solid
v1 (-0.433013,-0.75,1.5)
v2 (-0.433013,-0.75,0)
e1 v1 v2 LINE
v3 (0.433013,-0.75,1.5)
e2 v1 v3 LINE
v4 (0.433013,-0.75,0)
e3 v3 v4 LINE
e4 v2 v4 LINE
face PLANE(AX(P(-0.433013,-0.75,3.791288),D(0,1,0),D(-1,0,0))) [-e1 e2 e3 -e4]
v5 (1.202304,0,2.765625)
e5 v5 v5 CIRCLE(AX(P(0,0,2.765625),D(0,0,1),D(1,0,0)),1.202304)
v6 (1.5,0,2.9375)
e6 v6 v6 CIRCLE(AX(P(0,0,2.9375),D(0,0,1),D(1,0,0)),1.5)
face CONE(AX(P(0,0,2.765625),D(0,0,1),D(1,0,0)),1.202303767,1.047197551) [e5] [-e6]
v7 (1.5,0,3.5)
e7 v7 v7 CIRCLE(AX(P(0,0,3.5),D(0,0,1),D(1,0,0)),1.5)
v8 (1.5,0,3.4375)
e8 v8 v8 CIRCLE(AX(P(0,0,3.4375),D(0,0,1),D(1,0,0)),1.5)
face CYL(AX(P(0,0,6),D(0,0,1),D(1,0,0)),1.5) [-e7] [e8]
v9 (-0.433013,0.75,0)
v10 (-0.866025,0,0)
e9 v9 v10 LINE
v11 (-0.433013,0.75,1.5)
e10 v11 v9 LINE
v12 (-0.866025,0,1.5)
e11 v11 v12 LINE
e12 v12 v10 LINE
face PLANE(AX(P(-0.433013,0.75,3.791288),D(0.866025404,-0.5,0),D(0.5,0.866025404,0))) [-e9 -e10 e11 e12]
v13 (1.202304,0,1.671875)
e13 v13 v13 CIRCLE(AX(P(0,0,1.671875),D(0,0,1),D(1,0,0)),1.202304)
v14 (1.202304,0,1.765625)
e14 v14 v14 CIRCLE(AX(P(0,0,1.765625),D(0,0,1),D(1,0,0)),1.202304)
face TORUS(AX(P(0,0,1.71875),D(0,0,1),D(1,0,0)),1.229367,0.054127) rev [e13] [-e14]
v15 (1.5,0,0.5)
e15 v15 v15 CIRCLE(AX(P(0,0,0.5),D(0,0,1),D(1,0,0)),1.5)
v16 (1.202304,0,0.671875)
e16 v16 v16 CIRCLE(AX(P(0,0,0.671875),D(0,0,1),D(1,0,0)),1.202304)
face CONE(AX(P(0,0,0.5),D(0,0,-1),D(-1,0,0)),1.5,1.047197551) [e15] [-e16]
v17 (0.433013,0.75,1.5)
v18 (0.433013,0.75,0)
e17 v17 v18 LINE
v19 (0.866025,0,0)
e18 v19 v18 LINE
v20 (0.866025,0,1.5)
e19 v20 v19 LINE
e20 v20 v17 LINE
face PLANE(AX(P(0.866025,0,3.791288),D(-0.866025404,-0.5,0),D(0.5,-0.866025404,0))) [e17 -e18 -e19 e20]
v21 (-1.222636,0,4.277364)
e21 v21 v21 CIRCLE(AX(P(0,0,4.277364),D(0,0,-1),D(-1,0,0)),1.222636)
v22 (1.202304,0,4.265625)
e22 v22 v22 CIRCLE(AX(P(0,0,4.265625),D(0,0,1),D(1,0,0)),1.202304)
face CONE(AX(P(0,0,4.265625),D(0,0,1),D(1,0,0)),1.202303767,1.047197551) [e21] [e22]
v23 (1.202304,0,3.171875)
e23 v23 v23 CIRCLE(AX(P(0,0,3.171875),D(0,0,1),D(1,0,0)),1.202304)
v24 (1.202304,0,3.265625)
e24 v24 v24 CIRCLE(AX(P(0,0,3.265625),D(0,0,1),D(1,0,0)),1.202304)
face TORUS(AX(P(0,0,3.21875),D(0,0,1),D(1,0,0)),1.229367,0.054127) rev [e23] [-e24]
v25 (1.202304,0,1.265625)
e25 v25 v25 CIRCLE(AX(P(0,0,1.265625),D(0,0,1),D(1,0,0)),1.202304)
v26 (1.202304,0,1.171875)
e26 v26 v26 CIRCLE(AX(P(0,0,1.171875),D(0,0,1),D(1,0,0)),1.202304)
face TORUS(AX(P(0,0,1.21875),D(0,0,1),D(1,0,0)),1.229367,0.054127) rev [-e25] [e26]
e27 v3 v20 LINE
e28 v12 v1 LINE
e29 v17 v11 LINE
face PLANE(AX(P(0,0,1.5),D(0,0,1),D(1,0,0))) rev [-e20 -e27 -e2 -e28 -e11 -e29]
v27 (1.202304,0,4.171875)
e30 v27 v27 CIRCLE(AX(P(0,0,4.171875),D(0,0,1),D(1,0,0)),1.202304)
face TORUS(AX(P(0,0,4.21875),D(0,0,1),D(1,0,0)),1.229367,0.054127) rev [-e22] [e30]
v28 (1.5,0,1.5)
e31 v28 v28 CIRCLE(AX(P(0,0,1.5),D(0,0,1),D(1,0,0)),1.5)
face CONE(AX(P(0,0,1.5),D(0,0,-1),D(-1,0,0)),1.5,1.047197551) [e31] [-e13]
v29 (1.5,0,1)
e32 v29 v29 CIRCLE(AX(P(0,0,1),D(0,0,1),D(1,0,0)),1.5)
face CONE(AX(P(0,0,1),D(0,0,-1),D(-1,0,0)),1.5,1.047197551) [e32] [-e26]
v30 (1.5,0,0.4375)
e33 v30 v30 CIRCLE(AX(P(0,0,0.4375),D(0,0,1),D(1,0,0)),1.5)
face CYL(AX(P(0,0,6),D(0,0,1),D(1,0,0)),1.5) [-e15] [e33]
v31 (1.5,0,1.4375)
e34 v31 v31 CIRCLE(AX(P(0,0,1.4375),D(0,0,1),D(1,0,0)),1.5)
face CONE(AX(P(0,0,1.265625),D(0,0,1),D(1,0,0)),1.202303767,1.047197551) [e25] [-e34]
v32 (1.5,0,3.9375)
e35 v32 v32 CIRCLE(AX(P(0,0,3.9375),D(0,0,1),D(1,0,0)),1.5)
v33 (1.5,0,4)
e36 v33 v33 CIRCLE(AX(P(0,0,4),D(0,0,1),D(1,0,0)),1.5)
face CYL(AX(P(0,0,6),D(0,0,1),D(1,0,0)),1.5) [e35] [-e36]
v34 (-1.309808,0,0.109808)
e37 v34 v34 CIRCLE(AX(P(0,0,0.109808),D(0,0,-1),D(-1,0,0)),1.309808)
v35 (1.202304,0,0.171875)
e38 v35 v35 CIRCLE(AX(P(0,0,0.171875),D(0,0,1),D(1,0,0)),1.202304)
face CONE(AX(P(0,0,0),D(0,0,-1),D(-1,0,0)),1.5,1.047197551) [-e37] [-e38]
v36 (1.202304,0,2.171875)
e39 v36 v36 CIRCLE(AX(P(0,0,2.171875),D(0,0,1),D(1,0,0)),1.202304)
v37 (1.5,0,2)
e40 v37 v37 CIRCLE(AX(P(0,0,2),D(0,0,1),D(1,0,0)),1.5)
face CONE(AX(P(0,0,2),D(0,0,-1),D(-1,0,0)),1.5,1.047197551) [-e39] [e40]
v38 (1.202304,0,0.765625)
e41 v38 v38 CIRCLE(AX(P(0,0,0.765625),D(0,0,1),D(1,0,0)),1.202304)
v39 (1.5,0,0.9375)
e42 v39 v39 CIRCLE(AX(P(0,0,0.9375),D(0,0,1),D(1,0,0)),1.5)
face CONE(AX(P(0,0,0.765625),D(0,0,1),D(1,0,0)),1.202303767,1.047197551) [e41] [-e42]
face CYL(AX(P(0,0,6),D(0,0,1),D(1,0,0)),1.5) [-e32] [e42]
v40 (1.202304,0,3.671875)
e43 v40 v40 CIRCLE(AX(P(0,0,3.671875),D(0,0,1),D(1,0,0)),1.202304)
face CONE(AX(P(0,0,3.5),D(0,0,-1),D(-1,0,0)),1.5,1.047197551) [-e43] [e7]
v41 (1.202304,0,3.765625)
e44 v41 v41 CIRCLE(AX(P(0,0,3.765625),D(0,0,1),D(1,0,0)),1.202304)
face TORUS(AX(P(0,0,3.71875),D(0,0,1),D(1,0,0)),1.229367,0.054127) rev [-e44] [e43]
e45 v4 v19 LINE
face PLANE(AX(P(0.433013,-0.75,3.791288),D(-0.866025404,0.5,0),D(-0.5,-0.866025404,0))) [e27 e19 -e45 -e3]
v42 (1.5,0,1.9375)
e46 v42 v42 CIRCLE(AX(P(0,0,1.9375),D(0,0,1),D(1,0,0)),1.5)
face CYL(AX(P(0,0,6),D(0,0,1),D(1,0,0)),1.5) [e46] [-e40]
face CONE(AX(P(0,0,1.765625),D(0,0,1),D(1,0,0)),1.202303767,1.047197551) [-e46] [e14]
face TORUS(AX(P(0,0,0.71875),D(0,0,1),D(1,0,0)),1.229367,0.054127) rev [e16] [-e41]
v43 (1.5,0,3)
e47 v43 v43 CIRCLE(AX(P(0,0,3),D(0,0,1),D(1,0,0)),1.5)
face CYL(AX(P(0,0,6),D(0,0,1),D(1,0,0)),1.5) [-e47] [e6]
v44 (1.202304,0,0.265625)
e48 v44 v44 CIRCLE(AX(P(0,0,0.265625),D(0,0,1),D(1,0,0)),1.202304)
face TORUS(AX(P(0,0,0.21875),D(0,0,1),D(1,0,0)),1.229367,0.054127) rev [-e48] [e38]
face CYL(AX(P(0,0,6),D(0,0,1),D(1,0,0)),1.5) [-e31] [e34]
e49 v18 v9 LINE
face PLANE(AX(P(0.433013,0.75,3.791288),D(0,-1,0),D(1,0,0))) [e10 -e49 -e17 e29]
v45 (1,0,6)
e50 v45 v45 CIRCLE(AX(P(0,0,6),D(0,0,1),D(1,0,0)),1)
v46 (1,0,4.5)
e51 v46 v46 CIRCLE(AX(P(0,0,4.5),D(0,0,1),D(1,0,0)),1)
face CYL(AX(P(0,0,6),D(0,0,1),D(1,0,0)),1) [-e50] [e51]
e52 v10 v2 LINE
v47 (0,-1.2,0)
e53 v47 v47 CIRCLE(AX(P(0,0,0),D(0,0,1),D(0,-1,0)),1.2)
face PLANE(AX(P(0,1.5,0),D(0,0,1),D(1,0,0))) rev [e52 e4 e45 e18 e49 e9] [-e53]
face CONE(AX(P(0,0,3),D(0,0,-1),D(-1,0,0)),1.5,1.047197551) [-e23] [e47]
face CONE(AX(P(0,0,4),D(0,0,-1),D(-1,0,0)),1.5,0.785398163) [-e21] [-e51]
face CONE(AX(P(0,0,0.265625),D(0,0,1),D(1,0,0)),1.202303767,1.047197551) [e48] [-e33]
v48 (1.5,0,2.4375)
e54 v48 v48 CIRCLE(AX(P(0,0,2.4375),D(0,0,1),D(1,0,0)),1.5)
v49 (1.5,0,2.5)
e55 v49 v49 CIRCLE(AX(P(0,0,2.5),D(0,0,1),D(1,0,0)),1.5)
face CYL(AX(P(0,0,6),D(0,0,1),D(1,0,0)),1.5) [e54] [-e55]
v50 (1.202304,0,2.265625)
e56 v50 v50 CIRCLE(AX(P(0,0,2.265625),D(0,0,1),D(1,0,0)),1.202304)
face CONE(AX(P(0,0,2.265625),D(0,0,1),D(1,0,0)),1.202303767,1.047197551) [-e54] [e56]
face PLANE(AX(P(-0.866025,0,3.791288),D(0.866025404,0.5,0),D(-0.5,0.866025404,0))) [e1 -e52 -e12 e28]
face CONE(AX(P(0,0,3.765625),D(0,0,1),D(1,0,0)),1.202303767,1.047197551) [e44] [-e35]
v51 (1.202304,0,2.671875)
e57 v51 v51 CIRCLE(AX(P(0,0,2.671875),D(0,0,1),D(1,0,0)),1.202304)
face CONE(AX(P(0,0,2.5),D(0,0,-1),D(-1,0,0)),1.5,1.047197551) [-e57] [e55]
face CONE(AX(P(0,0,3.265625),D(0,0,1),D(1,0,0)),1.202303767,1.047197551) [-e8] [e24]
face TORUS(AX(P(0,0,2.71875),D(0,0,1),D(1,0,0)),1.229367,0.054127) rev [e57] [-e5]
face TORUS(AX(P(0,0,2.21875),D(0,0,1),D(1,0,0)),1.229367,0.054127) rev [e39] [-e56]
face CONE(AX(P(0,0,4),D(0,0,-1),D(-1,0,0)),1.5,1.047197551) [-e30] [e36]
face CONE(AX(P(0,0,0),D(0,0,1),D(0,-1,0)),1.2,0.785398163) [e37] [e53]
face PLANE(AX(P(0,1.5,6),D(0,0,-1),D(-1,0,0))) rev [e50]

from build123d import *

# Parameters (mm, degrees)
SKETCH5_W           = 6
SKETCH5_H           = 1.5
THREAD_SIMPLE_COUNT = 13
THREAD_SIMPLE_PITCH = 0.5
CUT_HEAD_KEY_DEPTH  = 1.5


with BuildPart() as part:
    # Sketch5 → body (revolve)
    with BuildSketch(Plane(origin=(0, 0, 0), x_dir=(0, 0, -1), z_dir=(1, 0, 0))):
        with Locations((-3, 0.75)):
            Rectangle(SKETCH5_W, SKETCH5_H)
    revolve(axis=Axis((0, 0, 6), (0, 0, -1)))

    # Sketch13 → cut-chamfer-end (revolve, cut)
    with BuildSketch(Plane(origin=(0, 0, 0), x_dir=(0, 0, -1), z_dir=(1, 0, 0))):
        Polygon((0, -1.5), (-0.3, -1.5), (0, -1.2), align=None)
    revolve(axis=Axis((0, 0, 6), (0, 0, -1)), mode=Mode.SUBTRACT)

    # Sketch8 → thread-single (revolve, cut)
    with BuildSketch(Plane(origin=(0, 0, 0), x_dir=(0, 0, -1), z_dir=(1, 0, 0))):
        with BuildLine():
            Line((-0.4375, -1.5), (0, -1.5))
            Line((0, -1.5), (-0.171875, -1.202303767))
            ThreePointArc((-0.171875, -1.202303767), (-0.21875, -1.175240474), (-0.265625, -1.202303767))
            Line((-0.265625, -1.202303767), (-0.4375, -1.5))
        make_face()
    thread_single = revolve(axis=Axis((0, 0, 6), (0, 0, -1)), mode=Mode.SUBTRACT)

    # thread-simple: thread-single ×13
    with Locations(*[(0, 0, i * THREAD_SIMPLE_PITCH) for i in range(1, THREAD_SIMPLE_COUNT)]):
        add(thread_single, mode=Mode.SUBTRACT)

    # Sketch25 → cut-head-key (cut)
    with BuildSketch(Plane.XY):
        Polygon((0.433012702, 0.75), (-0.433012702, 0.75), (-0.866025404, 0), (-0.433012702, -0.75), (0.433012702, -0.75), (0.866025404, 0), align=None)
    extrude(amount=CUT_HEAD_KEY_DEPTH, mode=Mode.SUBTRACT)

    # Sketch26 → cut-top-body (revolve, cut)
    with BuildSketch(Plane(origin=(0, 0, 0), x_dir=(0, 0, -1), z_dir=(1, 0, 0))):
        Polygon((-6, -1.5), (-6, -1), (-4.5, -1), (-4, -1.5), align=None)
    revolve(axis=Axis((0, 0, 6), (0, 0, -1)), mode=Mode.SUBTRACT)


solid = part.part
